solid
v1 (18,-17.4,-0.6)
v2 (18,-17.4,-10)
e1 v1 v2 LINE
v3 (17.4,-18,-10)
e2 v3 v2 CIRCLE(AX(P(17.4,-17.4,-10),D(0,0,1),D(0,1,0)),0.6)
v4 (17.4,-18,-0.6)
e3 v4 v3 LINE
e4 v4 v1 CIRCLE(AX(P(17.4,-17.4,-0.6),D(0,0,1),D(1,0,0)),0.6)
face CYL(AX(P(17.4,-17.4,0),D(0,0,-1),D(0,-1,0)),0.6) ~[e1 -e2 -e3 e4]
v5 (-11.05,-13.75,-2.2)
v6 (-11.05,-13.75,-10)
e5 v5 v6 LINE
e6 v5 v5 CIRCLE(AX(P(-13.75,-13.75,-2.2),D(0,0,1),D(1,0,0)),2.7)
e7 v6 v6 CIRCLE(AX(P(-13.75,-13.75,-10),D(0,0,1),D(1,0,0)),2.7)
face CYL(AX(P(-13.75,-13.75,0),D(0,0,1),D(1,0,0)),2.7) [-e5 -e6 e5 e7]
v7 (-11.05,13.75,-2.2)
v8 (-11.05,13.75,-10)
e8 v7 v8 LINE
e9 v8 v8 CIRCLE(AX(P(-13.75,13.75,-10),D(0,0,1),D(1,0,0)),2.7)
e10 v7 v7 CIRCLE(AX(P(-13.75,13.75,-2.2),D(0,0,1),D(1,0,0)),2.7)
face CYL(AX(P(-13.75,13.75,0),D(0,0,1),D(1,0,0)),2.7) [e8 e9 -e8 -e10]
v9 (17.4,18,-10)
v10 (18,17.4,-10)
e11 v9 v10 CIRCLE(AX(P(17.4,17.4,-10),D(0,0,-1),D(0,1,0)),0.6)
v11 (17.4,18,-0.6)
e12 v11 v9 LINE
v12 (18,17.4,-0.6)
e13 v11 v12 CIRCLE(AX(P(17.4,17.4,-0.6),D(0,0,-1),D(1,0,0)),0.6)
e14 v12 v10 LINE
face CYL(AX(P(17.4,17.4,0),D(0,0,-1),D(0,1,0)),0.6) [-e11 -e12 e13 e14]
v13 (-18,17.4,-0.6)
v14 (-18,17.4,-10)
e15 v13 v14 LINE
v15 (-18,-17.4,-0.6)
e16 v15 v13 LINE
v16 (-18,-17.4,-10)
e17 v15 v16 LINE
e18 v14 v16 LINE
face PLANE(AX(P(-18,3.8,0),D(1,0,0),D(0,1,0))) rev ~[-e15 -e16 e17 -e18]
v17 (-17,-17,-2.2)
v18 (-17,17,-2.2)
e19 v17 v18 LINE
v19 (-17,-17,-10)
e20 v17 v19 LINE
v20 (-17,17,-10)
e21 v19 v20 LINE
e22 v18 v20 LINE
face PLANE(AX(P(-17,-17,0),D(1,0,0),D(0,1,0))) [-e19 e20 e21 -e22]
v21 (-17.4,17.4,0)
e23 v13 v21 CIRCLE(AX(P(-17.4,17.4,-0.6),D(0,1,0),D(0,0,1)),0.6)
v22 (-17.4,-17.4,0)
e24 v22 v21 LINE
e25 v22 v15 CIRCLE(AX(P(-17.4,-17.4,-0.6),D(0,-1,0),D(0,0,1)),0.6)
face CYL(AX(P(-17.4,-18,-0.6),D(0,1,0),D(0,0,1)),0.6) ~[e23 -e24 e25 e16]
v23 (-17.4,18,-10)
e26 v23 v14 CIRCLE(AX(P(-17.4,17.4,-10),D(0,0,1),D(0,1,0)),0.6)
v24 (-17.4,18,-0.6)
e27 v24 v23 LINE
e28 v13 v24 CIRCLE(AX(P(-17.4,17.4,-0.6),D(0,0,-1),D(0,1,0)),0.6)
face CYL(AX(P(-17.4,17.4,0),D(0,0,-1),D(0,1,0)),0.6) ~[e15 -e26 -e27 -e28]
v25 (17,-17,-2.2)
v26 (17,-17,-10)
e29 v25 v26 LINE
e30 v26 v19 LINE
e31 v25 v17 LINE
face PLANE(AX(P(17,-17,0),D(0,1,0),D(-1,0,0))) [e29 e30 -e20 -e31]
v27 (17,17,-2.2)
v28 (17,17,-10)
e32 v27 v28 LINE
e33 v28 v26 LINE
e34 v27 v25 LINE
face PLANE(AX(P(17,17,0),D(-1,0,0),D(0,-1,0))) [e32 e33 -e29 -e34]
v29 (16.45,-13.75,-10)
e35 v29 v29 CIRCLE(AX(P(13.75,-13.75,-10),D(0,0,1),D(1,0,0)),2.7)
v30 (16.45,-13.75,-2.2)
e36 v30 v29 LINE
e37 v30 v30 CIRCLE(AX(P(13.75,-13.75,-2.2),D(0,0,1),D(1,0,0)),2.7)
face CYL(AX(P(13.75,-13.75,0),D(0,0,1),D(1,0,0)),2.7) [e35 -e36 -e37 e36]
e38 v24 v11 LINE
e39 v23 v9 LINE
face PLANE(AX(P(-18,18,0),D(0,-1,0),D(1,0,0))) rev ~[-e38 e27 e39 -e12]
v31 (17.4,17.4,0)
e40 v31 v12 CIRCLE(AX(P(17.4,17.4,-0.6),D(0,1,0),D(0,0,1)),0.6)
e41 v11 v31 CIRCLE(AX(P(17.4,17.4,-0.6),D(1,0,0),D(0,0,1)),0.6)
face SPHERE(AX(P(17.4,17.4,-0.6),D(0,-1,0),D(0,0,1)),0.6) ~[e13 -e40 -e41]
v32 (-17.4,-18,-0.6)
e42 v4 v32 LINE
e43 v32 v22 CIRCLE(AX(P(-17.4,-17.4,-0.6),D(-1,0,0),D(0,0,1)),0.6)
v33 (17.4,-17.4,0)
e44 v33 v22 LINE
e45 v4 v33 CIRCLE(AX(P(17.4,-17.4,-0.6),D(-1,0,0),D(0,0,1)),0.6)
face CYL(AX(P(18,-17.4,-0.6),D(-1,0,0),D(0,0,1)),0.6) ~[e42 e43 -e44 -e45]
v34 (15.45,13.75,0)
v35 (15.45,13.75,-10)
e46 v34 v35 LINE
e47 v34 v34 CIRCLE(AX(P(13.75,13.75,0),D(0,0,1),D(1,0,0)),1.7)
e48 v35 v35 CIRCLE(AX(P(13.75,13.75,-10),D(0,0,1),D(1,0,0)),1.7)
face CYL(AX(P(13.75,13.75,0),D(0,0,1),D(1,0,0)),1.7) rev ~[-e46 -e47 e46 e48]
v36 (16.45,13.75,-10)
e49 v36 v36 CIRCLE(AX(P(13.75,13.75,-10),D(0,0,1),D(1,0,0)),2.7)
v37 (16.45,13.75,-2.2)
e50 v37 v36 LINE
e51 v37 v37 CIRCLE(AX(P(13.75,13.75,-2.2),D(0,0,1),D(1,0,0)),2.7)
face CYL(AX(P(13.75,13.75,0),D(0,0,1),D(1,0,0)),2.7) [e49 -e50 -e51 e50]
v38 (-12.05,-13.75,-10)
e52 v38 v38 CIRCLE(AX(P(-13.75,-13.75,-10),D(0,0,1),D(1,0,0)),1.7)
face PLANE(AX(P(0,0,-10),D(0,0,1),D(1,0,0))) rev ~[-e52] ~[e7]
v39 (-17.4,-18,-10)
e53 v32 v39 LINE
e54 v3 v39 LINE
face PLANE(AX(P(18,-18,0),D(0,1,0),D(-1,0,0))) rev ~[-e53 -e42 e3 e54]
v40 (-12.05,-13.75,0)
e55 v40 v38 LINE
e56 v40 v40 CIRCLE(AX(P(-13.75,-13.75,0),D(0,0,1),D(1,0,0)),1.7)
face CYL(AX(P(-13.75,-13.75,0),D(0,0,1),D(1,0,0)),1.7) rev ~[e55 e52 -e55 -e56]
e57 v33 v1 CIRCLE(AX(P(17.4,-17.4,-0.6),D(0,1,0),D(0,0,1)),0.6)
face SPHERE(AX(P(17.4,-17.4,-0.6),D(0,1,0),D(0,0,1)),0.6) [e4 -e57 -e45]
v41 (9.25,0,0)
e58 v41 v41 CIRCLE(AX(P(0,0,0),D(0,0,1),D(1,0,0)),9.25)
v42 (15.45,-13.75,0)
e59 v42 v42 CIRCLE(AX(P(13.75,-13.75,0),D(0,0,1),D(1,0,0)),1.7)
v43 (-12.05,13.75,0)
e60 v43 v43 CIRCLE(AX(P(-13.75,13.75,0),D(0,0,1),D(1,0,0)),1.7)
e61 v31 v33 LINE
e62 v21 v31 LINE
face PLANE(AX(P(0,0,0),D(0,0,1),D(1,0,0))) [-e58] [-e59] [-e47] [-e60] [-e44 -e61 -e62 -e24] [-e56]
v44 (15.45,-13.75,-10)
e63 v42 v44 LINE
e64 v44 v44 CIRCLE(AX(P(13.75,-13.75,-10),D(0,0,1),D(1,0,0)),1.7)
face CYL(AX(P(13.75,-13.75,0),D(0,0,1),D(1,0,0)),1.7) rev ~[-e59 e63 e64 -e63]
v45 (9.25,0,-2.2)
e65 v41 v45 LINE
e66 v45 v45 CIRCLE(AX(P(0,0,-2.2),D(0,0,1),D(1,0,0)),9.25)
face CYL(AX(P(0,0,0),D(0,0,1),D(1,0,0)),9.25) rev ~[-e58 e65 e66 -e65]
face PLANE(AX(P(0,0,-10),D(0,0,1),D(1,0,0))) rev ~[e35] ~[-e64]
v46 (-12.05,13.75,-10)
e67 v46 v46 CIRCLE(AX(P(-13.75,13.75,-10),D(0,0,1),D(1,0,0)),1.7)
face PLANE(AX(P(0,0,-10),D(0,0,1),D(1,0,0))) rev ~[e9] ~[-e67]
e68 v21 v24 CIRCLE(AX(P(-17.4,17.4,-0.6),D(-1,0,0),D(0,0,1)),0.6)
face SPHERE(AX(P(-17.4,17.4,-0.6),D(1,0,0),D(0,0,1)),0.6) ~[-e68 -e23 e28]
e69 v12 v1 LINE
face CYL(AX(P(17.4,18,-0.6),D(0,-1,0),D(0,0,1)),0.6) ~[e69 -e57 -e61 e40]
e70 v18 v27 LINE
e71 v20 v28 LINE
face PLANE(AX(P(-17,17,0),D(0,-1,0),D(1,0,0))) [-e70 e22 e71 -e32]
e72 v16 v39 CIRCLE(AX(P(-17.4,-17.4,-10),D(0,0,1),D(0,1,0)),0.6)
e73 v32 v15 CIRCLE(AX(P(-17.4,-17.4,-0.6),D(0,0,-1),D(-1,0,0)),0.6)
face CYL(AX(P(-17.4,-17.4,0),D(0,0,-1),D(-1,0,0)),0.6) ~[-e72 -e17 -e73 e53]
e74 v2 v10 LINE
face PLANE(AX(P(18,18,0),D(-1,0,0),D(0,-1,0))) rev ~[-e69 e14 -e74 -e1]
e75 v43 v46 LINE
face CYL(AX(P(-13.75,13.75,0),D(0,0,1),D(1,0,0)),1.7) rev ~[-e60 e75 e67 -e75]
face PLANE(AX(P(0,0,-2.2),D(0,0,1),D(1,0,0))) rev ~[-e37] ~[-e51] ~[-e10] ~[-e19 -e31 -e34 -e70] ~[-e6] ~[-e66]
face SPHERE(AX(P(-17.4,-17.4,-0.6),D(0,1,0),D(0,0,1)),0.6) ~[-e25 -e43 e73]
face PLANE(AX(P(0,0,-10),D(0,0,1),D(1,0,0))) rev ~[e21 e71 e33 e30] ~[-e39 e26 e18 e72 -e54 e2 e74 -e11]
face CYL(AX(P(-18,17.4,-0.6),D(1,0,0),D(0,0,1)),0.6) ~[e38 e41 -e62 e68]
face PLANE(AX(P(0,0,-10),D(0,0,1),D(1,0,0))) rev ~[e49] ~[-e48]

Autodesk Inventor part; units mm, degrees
ref_plane "YZ Plane" through (0, 0, 0) normal (1, 0, 0) x (0, 1, 0)
ref_plane "XZ Plane" through (0, 0, 0) normal (0, 1, 0) x (-1, 0, 0)
ref_plane "XY Plane" through (0, 0, 0) normal (0, 0, 1) x (1, 0, 0)
sketch "Sketch1" plane through (0, 0, 0) normal (0, 0, 1) x (1, 0, 0)
  circle A0 centre (0, 0) radius 25.4 construction
  line L0 (-13.75, -13.75) -> (13.75, -13.75) construction
  line L1 (13.75, -13.75) -> (13.75, 13.75) construction
  line L2 (13.75, 13.75) -> (-13.75, 13.75) construction
  line L3 (-13.75, 13.75) -> (-13.75, -13.75) construction
  line L4 (-13.75, -13.75) -> (13.75, 13.75) construction
  line L5 (13.75, -13.75) -> (-13.75, 13.75) construction
  circle A1 centre (0, 0) radius 9.25
  circle A2 centre (-13.75, 13.75) radius 1.7
  circle A3 centre (-13.75, 13.75) radius 2.7
  circle A4 centre (-25.4, 0) radius 1.7
  circle A5 centre (-25.4, 0) radius 3.8
  line L6 (-17, 17) -> (17, 17)
  line L7 (17, 17) -> (17, -17)
  line L8 (17, -17) -> (-17, -17)
  line L9 (-17, -17) -> (-17, 17)
  line L10 (-17, 17) -> (17, -17) construction
  line L11 (17, 17) -> (-17, -17) construction
  line L12 (-25.4, 3.8) -> (-18, 3.8)
  line L13 (-25.4, -3.8) -> (-18, -3.8)
  line L14 (0, 17) -> (0, -17) construction
  line L15 (-17, 0) -> (17, 0) construction
  circle A6 centre (25.4, 0) radius 1.7
  circle A7 centre (25.4, 0) radius 3.8
  line L16 (25.4, 3.8) -> (18, 3.8)
  line L17 (25.4, -3.8) -> (18, -3.8)
  circle A8 centre (13.75, 13.75) radius 1.7
  circle A9 centre (13.75, 13.75) radius 2.7
  circle A10 centre (-13.75, -13.75) radius 1.7
  circle A11 centre (-13.75, -13.75) radius 2.7
  circle A12 centre (13.75, -13.75) radius 2.7
  circle A13 centre (13.75, -13.75) radius 1.7
  line L18 (-18, 18) -> (18, 18)
  line L19 (18, 18) -> (18, -18)
  line L20 (18, -18) -> (-18, -18)
  line L21 (-18, -18) -> (-18, 18)
  line L22 (-18, 18) -> (18, -18) construction
  line L23 (18, 18) -> (-18, -18) construction
  point P0 (-17, 3.8)
  point P1 (-17, -3.8)
  point P2 (17, 3.8)
  point P3 (17, -3.8)
  dimension "d0" = 50.8
  dimension "d1" = 27.5
  dimension "d2" = 27.5
  dimension "d3" = 18.5
  dimension "d4" = 3.4
  dimension "d5" = 5.4
  dimension "d6" = 3.4
  dimension "d7" = 7.6
  dimension "d8" = 34
  dimension "d9" = 34
  dimension "d10" = 36
  dimension "d11" = 36
extrude "Extrusion1" add sketch "Sketch1" against normal blind 10 contours A3 | L21 L18 L19 L20 | A9 | A11 | A12
extrude "Extrusion2" add sketch "Sketch1" against normal blind 2.2 contours L6 L7 L8 L9
fillet "Fillet1" radius 0.6 8 edges at (18, 0, 0) (0, 18, 0) (-18, 0, 0) (0, -18, 0) (18, 18, -5) (-18, 18, -5) (-18, -18, -5) (18, -18, -5)
equation "\"d9\" = d8"
properties part number "cameraTop"
